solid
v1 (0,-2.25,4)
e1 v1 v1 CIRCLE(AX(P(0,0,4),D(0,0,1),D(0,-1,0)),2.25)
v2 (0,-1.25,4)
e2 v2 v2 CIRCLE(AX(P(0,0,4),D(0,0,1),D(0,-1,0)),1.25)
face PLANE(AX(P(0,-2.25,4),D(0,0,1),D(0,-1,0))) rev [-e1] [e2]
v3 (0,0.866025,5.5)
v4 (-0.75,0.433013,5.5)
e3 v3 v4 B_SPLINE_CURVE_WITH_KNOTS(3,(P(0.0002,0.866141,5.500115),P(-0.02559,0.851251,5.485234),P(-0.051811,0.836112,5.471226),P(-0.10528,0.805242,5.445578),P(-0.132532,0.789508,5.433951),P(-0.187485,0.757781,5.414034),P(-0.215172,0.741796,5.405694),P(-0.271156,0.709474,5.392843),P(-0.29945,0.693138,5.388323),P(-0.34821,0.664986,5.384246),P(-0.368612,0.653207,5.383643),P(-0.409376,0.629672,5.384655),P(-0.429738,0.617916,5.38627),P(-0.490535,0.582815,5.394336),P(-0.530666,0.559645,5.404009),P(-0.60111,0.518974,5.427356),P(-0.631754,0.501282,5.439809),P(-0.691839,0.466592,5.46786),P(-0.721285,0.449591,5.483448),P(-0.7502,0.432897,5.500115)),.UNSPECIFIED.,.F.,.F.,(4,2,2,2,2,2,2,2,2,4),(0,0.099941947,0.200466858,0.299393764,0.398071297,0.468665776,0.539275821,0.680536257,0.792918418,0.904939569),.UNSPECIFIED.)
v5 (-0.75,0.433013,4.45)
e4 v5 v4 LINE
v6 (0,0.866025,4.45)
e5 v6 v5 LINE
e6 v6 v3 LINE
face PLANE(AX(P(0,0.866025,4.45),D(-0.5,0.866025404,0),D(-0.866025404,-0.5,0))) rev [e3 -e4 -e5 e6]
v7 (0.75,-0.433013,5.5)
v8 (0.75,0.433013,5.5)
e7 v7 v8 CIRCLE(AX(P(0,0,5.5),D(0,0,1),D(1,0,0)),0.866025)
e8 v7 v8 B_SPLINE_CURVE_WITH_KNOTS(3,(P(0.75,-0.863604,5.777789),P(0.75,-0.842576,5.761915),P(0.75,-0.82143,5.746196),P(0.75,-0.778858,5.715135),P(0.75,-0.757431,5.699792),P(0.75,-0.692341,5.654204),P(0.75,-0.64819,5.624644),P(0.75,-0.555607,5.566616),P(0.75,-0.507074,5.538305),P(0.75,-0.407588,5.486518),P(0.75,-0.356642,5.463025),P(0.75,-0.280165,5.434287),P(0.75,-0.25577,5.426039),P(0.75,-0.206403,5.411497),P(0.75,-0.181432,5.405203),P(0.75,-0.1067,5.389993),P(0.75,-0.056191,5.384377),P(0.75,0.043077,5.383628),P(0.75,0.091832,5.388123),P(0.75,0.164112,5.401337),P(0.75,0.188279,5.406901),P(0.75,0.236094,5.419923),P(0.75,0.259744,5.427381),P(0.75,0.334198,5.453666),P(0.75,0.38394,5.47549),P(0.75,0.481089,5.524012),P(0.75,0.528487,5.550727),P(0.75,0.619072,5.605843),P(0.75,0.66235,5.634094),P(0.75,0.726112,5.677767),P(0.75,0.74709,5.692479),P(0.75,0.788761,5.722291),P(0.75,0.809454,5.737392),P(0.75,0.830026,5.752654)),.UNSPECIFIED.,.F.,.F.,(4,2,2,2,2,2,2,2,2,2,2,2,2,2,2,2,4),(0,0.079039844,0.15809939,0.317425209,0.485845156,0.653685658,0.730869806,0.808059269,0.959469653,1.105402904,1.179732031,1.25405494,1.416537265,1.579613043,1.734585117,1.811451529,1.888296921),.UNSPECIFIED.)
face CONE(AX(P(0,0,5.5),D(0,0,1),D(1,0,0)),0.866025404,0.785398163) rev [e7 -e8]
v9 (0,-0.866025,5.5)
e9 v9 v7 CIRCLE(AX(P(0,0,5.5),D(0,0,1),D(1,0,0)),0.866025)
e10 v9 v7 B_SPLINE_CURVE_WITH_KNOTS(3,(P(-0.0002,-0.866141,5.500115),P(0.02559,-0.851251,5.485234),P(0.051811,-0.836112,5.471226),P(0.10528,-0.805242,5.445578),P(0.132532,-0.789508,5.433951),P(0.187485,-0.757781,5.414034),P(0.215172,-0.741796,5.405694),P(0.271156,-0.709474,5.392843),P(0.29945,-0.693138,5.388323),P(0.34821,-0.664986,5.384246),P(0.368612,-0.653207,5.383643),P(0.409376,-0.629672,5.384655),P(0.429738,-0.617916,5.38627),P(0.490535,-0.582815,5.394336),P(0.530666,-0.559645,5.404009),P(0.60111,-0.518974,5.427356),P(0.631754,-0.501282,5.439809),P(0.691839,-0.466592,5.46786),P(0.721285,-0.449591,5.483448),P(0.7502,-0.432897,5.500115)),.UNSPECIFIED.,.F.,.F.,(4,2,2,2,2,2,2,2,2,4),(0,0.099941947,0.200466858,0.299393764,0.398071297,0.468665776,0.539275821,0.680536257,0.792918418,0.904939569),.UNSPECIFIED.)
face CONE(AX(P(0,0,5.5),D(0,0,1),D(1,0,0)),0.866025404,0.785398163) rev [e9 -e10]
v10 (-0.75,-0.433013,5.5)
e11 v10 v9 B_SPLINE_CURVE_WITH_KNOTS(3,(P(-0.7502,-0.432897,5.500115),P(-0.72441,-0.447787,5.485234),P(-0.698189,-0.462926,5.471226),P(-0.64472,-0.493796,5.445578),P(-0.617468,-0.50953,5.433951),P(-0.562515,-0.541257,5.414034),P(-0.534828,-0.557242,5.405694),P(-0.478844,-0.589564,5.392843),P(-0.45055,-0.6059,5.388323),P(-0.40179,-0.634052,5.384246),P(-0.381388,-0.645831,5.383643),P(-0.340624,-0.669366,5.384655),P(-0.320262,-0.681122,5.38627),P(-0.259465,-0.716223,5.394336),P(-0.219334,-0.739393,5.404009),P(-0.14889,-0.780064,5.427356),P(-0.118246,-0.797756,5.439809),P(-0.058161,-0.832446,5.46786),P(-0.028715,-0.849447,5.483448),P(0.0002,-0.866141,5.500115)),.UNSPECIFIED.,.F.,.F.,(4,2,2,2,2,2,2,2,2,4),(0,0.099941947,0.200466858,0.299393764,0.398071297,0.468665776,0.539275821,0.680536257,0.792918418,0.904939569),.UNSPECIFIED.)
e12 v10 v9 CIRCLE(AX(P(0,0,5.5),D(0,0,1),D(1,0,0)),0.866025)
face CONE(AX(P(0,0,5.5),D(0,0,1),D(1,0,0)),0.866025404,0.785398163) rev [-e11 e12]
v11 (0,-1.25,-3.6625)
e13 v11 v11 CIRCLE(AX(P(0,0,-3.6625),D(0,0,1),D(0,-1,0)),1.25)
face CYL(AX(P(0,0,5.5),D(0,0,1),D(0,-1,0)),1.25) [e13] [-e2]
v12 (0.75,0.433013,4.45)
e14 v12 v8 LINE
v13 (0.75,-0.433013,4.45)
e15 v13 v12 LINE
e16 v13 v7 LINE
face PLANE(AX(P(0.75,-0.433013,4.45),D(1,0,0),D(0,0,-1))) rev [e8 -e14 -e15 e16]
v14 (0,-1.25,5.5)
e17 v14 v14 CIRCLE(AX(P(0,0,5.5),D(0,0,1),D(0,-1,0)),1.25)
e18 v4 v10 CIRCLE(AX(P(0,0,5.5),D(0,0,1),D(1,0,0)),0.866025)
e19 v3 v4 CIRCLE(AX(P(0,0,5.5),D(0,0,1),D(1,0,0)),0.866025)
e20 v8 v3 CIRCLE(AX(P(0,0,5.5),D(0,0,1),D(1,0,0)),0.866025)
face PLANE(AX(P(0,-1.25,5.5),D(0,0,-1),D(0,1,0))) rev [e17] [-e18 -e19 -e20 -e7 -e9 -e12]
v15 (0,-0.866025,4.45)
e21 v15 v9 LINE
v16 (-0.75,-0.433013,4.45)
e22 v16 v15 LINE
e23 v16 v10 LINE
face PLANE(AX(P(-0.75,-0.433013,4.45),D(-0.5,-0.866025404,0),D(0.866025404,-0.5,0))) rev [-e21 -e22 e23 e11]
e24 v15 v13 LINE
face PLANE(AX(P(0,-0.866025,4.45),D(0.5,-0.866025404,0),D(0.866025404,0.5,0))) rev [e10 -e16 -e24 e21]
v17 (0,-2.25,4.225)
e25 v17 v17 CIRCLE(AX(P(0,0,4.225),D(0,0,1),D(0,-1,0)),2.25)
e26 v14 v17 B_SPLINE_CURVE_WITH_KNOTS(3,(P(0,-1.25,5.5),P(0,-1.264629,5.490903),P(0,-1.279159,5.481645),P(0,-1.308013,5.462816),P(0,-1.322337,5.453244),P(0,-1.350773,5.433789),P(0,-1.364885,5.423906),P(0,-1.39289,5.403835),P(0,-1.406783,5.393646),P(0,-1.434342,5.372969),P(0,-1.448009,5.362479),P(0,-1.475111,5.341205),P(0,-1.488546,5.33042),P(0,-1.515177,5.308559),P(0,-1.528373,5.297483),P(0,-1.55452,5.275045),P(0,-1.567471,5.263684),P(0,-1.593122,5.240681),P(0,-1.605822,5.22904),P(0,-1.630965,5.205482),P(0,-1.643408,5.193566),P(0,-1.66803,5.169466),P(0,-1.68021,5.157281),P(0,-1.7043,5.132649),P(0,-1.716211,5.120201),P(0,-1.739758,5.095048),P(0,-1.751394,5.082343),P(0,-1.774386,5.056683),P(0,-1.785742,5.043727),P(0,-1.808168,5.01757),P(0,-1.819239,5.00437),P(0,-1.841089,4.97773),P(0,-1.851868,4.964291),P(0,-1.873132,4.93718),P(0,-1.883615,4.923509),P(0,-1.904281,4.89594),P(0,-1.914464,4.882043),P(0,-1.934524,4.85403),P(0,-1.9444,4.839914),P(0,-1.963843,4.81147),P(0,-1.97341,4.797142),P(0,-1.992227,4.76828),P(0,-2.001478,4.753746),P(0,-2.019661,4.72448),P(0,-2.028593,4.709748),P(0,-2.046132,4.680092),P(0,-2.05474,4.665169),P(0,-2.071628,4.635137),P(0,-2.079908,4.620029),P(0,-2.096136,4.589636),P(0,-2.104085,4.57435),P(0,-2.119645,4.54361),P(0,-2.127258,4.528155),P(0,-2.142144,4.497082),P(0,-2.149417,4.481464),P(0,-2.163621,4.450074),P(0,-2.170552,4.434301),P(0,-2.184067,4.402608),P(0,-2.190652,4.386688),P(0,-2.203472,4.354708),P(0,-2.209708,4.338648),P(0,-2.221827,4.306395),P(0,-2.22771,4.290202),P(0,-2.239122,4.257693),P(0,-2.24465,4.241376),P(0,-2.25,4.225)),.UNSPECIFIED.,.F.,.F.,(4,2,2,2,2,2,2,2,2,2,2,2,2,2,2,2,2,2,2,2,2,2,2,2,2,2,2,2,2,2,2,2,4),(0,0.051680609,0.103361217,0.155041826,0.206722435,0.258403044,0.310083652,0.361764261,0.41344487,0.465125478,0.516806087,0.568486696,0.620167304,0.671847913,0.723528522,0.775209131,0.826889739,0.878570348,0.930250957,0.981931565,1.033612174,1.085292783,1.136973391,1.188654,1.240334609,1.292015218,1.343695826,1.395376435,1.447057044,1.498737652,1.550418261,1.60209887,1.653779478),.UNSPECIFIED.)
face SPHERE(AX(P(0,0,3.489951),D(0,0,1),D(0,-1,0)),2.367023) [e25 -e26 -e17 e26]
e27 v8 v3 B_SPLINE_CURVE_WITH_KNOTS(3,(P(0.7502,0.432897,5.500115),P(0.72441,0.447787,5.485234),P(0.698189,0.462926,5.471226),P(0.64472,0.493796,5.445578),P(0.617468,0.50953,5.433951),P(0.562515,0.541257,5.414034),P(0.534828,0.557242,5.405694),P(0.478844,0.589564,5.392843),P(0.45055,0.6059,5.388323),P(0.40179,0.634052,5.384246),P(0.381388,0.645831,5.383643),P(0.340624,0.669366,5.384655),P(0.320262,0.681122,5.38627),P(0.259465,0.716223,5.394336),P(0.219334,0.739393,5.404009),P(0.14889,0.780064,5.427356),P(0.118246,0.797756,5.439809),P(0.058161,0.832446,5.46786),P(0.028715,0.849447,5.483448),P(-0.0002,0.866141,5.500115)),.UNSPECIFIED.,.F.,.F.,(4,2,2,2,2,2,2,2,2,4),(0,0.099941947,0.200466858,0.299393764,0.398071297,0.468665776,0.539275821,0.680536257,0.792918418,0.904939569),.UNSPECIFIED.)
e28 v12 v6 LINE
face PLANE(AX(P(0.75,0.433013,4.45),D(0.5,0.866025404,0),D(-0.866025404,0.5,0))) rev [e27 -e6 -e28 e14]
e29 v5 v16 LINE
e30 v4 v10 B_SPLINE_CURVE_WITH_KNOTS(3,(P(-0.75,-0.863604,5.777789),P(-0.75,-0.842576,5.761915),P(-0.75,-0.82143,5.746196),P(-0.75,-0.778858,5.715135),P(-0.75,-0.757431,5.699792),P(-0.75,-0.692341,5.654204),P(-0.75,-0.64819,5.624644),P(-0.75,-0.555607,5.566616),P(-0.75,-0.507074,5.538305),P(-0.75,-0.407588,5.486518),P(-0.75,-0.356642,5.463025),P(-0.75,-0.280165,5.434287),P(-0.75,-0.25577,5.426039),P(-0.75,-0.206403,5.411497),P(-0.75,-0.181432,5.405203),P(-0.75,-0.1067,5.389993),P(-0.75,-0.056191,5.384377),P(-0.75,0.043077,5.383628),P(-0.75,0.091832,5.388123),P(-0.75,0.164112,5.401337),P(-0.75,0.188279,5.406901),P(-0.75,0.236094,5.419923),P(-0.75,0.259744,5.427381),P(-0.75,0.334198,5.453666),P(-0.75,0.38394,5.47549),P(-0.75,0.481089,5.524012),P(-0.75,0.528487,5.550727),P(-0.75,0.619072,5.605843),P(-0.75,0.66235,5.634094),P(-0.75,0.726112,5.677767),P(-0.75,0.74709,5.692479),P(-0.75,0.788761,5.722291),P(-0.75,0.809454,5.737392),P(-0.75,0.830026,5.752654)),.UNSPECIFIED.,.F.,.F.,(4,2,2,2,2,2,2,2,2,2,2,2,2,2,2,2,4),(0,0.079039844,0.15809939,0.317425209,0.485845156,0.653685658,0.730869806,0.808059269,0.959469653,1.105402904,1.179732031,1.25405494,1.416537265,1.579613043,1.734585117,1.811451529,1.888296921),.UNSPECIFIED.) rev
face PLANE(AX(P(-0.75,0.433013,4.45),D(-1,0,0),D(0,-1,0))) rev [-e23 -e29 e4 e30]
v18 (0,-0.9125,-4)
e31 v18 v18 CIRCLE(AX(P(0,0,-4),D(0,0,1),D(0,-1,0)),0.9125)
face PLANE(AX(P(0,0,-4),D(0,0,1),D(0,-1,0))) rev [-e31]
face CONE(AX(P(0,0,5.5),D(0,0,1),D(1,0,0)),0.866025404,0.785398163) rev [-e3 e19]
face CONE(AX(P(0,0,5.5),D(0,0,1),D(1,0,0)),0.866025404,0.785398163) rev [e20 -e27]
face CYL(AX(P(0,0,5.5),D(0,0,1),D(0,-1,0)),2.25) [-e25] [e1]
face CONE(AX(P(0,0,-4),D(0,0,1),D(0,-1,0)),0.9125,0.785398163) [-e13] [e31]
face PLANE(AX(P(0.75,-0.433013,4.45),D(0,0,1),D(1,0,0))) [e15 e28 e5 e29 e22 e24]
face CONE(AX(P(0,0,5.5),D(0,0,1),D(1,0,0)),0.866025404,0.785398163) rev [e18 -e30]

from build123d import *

# Parameters (mm, degrees)
CUT_EXTRUDE2_DEPTH = 1.05


with BuildPart() as part:
    # Sketch10 → Revolve3 (revolve)
    with BuildSketch(Plane(origin=(0, 0, 0), x_dir=(0, 0, -1), z_dir=(1, 0, 0))):
        Polygon((3.6625, 1.25), (4, 0.9125), (4, 0), (-4, 0), (-4, 1.25), align=None)
    revolve(axis=Axis((0, 0, 5.5), (0, 0, -1)))

    # Sketch7 → Revolve2 (revolve)
    with BuildSketch(Plane(origin=(0, 0, 0), x_dir=(0, 0, -1), z_dir=(1, 0, 0))):
        with BuildLine():
            Line((-4.225, 2.25), (-4, 2.25))
            Line((-4, 2.25), (-4, 0))
            Line((-4, 0), (-5.5, 0))
            Line((-5.5, 0), (-5.5, 1.25))
            ThreePointArc((-5.5, 1.25), (-4.950735294, 1.8625), (-4.225, 2.25))
        make_face()
    revolve(axis=Axis((0, 0, 5.5), (0, 0, -1)))

    # Sketch5 → Cut-Extrude2 (cut)
    with BuildSketch(Plane.XY.offset(5.5)):
        Polygon((0.75, -0.433012702), (0.75, 0.433012702), (0, 0.866025404), (-0.75, 0.433012702), (-0.75, -0.433012702), (0, -0.866025404), align=None)
    extrude(amount=-CUT_EXTRUDE2_DEPTH, mode=Mode.SUBTRACT)

    # Cut-Extrude3 cone 1 section (through the dimple's axis) → Cut-Extrude3 (revolve, cut)
    with BuildSketch(Plane(origin=(0, 0, 5.5), x_dir=(0, -1, 0), z_dir=(1, 0, 0))):
        Polygon((0, 0), (0.866025404, 0), (0, 0.866025404), align=None)
    revolve(axis=Axis((0, 0, 5.5), (0, 0, -1)), mode=Mode.SUBTRACT)


solid = part.part
